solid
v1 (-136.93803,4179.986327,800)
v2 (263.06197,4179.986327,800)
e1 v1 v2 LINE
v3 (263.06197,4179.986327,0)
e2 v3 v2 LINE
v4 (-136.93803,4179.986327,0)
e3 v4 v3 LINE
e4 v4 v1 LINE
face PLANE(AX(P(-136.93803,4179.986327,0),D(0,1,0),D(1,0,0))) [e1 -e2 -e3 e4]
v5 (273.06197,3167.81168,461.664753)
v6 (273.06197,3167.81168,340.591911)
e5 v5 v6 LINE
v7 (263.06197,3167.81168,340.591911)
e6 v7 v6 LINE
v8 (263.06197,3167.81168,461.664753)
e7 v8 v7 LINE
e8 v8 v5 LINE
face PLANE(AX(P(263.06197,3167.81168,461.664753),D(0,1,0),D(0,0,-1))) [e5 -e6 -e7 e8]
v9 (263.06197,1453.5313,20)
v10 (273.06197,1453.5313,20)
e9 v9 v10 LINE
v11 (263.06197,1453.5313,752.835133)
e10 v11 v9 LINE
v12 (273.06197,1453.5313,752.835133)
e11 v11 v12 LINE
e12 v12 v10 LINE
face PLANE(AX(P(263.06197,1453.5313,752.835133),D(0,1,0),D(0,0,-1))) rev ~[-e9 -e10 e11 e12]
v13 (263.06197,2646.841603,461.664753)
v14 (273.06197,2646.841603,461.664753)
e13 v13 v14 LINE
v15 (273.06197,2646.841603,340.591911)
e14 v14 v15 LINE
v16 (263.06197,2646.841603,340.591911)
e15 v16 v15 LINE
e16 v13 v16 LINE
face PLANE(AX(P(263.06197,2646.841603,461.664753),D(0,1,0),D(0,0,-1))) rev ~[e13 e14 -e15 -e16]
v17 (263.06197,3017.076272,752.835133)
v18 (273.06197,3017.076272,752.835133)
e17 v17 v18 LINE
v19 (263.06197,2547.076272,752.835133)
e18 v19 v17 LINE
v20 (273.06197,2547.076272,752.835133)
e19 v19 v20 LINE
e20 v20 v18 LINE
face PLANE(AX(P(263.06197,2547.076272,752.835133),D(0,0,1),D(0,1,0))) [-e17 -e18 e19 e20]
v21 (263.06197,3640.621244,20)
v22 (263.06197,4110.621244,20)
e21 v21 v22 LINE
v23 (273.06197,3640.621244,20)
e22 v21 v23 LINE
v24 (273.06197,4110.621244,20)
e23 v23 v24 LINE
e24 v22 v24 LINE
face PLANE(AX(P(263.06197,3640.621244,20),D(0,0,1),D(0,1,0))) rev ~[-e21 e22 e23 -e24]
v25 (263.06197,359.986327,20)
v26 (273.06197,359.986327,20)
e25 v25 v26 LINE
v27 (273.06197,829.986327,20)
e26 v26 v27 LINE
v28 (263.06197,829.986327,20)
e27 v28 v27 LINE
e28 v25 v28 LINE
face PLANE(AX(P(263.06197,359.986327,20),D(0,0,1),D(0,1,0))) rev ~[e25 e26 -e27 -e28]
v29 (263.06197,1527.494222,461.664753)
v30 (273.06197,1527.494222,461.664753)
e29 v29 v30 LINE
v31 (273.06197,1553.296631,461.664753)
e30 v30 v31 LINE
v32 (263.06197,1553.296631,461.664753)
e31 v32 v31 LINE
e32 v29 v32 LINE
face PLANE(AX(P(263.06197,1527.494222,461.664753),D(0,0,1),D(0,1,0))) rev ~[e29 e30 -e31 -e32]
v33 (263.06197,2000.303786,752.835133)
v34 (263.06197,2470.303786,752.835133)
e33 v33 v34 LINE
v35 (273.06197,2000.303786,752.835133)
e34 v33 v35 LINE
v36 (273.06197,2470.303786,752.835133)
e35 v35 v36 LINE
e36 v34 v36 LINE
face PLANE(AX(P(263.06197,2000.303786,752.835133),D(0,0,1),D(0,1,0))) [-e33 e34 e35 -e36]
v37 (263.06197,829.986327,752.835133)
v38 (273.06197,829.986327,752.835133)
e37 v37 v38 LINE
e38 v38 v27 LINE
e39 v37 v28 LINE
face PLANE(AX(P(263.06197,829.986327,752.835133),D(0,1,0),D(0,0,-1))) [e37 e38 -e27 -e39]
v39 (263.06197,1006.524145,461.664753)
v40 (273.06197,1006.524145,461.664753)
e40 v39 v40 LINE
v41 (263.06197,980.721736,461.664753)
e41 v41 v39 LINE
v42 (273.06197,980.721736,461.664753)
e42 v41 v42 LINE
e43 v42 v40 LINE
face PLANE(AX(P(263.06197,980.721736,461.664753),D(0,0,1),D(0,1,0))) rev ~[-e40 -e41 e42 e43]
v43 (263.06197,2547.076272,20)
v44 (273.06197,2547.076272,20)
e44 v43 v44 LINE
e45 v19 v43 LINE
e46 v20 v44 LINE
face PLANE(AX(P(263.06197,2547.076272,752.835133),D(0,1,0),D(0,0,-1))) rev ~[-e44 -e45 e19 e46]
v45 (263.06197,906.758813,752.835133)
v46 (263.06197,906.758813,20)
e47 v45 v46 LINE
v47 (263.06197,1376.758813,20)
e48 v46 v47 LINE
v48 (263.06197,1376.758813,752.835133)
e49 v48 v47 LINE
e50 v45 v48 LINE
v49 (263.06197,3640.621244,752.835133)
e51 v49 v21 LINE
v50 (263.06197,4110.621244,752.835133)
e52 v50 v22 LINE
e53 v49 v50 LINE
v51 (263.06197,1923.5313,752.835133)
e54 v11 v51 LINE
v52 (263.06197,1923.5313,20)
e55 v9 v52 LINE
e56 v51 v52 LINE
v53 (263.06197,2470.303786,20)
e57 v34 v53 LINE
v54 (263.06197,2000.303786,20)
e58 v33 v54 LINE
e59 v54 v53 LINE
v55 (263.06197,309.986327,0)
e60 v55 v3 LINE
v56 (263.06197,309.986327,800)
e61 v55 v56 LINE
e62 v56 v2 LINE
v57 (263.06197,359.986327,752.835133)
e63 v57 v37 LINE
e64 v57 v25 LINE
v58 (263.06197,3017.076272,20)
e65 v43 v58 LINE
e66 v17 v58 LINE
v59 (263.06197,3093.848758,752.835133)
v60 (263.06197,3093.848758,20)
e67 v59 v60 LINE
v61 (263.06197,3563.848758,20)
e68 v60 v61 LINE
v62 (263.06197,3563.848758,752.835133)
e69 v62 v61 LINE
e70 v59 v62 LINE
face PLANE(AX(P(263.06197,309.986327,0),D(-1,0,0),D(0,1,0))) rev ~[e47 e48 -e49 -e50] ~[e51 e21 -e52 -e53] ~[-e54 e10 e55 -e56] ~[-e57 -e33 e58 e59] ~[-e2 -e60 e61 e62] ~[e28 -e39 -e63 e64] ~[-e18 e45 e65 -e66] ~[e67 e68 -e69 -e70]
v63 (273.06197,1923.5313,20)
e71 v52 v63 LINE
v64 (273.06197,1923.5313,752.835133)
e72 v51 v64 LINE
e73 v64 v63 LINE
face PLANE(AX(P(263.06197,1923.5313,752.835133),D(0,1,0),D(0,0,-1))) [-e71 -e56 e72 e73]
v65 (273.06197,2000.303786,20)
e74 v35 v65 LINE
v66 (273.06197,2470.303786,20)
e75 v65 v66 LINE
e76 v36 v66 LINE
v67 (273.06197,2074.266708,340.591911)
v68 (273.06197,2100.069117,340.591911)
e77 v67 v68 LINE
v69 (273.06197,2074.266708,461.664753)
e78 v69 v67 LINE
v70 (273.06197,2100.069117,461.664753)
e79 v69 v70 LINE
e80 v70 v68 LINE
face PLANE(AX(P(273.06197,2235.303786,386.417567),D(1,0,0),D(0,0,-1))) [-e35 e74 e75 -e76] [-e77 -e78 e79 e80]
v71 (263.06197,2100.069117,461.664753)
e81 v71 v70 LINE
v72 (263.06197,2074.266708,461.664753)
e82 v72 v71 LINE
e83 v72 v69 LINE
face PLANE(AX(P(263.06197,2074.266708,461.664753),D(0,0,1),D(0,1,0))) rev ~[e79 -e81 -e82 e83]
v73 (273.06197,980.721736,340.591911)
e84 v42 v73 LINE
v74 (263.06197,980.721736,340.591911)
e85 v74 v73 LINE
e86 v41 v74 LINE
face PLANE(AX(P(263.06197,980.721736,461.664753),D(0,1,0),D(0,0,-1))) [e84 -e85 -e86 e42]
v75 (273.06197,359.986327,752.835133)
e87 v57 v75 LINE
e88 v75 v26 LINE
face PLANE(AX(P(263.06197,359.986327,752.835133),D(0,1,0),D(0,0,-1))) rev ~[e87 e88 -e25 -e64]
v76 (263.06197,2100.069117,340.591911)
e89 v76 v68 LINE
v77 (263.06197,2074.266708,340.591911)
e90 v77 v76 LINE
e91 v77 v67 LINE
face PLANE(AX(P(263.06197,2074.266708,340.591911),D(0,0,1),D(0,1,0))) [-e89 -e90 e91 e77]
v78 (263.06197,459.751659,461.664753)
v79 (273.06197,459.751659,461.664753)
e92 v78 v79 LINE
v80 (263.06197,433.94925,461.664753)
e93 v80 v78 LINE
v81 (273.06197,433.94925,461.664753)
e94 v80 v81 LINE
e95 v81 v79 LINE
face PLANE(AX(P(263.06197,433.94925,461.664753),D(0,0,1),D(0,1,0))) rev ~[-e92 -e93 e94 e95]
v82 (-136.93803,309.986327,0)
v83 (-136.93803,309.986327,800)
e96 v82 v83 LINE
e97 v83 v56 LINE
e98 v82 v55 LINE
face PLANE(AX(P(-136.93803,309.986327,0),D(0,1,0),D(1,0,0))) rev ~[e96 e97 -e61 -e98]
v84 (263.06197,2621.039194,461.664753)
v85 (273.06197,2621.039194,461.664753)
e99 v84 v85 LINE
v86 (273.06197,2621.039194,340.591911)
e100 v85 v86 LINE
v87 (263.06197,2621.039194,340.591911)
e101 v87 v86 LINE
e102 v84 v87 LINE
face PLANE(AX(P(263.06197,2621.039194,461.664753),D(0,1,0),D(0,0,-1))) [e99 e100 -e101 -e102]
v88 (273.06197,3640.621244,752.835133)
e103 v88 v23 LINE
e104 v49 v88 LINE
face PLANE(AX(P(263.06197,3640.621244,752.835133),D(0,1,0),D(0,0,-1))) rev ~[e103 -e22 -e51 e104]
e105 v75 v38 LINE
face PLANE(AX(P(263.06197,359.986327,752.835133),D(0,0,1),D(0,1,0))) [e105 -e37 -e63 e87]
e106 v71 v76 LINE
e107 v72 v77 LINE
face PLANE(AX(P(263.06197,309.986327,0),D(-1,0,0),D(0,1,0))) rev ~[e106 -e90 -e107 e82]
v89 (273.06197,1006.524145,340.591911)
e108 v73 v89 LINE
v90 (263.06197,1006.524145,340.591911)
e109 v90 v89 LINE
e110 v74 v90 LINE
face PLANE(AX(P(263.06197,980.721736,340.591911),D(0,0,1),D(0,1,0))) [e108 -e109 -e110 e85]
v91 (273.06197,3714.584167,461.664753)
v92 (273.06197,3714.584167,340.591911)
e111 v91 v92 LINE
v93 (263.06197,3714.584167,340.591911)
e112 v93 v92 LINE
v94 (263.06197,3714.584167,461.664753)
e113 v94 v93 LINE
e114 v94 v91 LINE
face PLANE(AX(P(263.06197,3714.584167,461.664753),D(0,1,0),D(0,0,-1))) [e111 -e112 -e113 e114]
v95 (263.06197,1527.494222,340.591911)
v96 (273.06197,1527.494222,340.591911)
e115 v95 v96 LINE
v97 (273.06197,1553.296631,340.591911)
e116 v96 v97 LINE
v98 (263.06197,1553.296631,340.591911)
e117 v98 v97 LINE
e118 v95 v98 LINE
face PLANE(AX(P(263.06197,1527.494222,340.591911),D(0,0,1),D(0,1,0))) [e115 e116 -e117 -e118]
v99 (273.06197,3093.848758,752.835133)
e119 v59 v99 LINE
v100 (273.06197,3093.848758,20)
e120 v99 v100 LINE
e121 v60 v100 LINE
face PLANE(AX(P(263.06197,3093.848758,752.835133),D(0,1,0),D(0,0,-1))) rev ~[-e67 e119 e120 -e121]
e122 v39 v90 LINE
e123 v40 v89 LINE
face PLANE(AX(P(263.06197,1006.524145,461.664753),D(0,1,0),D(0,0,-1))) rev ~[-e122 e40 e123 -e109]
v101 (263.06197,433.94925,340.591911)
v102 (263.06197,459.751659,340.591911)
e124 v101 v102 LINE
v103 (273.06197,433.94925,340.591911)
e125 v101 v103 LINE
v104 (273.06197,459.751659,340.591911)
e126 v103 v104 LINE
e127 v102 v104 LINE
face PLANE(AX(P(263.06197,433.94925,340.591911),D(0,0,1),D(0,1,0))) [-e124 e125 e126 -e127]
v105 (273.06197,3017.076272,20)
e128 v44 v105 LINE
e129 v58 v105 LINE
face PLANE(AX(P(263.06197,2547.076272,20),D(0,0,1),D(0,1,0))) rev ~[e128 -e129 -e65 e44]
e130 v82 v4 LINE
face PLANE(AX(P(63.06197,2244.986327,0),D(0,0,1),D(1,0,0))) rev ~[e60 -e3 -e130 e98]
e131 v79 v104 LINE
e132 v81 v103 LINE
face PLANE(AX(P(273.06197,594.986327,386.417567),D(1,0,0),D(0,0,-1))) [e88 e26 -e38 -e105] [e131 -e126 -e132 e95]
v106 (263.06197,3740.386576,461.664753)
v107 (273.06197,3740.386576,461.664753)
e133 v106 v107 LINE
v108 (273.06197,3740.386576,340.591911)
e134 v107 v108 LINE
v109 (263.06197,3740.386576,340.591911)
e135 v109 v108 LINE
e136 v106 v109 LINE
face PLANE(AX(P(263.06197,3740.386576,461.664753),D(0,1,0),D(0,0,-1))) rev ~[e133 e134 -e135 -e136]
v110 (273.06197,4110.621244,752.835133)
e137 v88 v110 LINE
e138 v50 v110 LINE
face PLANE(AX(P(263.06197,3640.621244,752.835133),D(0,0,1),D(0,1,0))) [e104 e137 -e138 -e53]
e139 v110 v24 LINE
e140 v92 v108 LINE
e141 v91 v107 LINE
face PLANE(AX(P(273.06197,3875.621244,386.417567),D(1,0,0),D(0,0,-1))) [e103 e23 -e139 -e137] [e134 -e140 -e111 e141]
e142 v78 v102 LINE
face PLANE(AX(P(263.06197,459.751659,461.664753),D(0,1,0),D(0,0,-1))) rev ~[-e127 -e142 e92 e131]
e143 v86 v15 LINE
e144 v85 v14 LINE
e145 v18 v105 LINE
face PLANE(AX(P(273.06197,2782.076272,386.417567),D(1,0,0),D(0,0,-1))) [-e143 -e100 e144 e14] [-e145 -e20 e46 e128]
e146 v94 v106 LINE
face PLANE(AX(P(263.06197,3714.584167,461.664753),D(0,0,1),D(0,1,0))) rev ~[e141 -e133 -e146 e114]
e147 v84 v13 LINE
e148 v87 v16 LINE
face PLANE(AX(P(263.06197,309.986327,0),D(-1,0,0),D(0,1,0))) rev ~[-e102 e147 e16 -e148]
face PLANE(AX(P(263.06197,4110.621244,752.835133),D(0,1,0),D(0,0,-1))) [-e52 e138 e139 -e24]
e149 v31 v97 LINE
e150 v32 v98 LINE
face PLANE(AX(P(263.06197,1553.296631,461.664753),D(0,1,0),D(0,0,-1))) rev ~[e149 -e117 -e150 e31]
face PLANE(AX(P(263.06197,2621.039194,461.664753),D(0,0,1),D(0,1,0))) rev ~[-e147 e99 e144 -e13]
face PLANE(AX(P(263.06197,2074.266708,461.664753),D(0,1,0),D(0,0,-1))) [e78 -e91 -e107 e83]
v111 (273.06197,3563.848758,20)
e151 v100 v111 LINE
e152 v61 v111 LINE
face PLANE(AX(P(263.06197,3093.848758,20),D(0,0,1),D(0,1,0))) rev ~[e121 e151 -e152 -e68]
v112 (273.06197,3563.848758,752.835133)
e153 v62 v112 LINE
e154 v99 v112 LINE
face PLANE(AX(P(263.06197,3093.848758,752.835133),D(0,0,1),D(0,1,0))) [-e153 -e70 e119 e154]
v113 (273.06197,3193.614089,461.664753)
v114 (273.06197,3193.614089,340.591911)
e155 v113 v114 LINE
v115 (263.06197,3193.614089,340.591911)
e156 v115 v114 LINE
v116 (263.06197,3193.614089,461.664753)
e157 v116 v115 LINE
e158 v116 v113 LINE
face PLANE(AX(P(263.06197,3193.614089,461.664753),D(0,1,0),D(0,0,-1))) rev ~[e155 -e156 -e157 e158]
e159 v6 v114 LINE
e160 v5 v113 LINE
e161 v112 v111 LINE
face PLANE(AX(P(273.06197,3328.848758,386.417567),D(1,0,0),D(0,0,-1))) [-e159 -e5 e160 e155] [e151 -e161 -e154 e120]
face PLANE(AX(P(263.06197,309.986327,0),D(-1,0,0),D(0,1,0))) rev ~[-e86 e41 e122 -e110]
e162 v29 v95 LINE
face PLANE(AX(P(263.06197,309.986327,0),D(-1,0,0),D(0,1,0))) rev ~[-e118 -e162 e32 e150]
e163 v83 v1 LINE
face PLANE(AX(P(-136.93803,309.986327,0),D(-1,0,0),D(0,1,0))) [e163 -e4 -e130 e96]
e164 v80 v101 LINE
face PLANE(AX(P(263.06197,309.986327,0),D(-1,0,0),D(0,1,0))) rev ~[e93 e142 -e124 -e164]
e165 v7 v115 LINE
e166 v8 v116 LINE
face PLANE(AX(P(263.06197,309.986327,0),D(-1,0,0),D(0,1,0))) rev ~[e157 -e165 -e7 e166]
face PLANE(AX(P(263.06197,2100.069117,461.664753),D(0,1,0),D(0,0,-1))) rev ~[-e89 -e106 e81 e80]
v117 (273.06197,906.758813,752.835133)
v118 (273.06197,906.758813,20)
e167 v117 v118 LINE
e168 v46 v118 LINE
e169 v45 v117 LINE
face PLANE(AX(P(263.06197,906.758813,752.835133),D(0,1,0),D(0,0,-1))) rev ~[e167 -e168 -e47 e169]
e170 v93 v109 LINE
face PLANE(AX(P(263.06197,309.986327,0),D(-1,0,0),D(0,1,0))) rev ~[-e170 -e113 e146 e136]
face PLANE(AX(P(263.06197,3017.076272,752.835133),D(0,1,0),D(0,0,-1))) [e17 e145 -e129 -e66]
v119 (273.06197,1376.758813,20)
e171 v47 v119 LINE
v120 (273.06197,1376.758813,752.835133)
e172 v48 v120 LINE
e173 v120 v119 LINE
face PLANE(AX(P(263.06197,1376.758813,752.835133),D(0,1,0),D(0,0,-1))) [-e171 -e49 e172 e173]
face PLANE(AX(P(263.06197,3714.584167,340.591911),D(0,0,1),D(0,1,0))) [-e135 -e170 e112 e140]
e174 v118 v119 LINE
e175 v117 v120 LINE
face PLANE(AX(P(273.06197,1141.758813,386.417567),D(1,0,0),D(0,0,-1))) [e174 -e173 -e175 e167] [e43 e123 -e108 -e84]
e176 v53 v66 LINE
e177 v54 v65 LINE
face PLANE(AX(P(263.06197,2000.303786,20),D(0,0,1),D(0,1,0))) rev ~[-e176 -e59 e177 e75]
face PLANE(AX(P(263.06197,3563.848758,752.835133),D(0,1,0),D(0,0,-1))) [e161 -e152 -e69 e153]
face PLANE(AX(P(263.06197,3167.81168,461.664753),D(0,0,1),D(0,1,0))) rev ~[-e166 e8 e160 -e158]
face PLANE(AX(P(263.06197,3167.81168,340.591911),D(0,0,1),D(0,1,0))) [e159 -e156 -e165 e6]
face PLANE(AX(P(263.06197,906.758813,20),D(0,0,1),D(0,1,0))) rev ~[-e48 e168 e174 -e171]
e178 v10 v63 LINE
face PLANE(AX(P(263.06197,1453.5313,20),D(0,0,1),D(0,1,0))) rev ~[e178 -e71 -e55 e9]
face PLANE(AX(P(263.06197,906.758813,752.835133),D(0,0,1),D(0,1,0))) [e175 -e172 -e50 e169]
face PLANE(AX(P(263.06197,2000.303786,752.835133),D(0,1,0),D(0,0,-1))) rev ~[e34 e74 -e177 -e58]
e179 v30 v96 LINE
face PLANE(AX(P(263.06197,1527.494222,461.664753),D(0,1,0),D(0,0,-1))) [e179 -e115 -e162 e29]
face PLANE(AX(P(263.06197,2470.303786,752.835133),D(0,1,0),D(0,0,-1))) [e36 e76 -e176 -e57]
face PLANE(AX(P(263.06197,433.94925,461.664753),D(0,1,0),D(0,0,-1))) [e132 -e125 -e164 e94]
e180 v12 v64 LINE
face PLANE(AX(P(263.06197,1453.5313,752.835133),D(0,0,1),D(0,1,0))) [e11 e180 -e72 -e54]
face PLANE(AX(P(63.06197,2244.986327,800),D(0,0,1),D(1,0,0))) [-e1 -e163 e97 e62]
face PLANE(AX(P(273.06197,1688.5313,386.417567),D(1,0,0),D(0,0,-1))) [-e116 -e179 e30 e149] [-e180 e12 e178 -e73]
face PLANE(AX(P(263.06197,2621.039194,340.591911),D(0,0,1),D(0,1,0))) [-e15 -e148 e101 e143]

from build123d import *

# Parameters (mm, degrees)
SKETCH1_W           = 400
SKETCH1_H           = 3870
BOSS_EXTRUDE1_DEPTH = 800
SKETCH3_W           = 732.835133331
SKETCH3_H           = 470
SKETCH3_W_2         = 121.072841775
SKETCH3_H_2         = 25.802408902
SKETCH3_H_3         = 25.802408903
BOSS_EXTRUDE3_DEPTH = 10


with BuildPart() as part:
    # Sketch1 → Boss-Extrude1 (new body)
    with BuildSketch(Plane.XY):
        with Locations((63.061970043, 2244.986327315)):
            Rectangle(SKETCH1_W, SKETCH1_H)
    extrude(amount=BOSS_EXTRUDE1_DEPTH)

    # Sketch3 → Boss-Extrude3 (add)
    with BuildSketch(Plane(origin=(263.061970043, 0, 0), x_dir=(0, 0, -1), z_dir=(1, 0, 0))):
        with Locations((-386.417566666, 594.986327315)):
            Rectangle(SKETCH3_W, SKETCH3_H)
        with Locations((-401.128332344, 446.85045415)):
            Rectangle(SKETCH3_W_2, SKETCH3_H_2, mode=Mode.SUBTRACT)
        with Locations((-386.417566666, 1141.758813467)):
            Rectangle(SKETCH3_W, SKETCH3_H)
        with Locations((-401.128332344, 993.622940303)):
            Rectangle(SKETCH3_W_2, SKETCH3_H_3, mode=Mode.SUBTRACT)
        with Locations((-386.417566666, 1688.531299619)):
            Rectangle(SKETCH3_W, SKETCH3_H)
        with Locations((-401.128332344, 1540.395426455)):
            Rectangle(SKETCH3_W_2, SKETCH3_H_3, mode=Mode.SUBTRACT)
        with Locations((-386.417566666, 2235.303785772)):
            Rectangle(SKETCH3_W, SKETCH3_H)
        with Locations((-401.128332344, 2087.167912607)):
            Rectangle(SKETCH3_W_2, SKETCH3_H_3, mode=Mode.SUBTRACT)
        with Locations((-386.417566666, 2782.076271924)):
            Rectangle(SKETCH3_W, SKETCH3_H)
        with Locations((-401.128332344, 2633.940398759)):
            Rectangle(SKETCH3_W_2, SKETCH3_H_3, mode=Mode.SUBTRACT)
        with Locations((-386.417566666, 3328.848758076)):
            Rectangle(SKETCH3_W, SKETCH3_H)
        with Locations((-401.128332344, 3180.712884911)):
            Rectangle(SKETCH3_W_2, SKETCH3_H_2, mode=Mode.SUBTRACT)
        with Locations((-386.417566666, 3875.621244228)):
            Rectangle(SKETCH3_W, SKETCH3_H)
        with Locations((-401.128332344, 3727.485371064)):
            Rectangle(SKETCH3_W_2, SKETCH3_H_3, mode=Mode.SUBTRACT)
    extrude(amount=BOSS_EXTRUDE3_DEPTH)


solid = part.part
